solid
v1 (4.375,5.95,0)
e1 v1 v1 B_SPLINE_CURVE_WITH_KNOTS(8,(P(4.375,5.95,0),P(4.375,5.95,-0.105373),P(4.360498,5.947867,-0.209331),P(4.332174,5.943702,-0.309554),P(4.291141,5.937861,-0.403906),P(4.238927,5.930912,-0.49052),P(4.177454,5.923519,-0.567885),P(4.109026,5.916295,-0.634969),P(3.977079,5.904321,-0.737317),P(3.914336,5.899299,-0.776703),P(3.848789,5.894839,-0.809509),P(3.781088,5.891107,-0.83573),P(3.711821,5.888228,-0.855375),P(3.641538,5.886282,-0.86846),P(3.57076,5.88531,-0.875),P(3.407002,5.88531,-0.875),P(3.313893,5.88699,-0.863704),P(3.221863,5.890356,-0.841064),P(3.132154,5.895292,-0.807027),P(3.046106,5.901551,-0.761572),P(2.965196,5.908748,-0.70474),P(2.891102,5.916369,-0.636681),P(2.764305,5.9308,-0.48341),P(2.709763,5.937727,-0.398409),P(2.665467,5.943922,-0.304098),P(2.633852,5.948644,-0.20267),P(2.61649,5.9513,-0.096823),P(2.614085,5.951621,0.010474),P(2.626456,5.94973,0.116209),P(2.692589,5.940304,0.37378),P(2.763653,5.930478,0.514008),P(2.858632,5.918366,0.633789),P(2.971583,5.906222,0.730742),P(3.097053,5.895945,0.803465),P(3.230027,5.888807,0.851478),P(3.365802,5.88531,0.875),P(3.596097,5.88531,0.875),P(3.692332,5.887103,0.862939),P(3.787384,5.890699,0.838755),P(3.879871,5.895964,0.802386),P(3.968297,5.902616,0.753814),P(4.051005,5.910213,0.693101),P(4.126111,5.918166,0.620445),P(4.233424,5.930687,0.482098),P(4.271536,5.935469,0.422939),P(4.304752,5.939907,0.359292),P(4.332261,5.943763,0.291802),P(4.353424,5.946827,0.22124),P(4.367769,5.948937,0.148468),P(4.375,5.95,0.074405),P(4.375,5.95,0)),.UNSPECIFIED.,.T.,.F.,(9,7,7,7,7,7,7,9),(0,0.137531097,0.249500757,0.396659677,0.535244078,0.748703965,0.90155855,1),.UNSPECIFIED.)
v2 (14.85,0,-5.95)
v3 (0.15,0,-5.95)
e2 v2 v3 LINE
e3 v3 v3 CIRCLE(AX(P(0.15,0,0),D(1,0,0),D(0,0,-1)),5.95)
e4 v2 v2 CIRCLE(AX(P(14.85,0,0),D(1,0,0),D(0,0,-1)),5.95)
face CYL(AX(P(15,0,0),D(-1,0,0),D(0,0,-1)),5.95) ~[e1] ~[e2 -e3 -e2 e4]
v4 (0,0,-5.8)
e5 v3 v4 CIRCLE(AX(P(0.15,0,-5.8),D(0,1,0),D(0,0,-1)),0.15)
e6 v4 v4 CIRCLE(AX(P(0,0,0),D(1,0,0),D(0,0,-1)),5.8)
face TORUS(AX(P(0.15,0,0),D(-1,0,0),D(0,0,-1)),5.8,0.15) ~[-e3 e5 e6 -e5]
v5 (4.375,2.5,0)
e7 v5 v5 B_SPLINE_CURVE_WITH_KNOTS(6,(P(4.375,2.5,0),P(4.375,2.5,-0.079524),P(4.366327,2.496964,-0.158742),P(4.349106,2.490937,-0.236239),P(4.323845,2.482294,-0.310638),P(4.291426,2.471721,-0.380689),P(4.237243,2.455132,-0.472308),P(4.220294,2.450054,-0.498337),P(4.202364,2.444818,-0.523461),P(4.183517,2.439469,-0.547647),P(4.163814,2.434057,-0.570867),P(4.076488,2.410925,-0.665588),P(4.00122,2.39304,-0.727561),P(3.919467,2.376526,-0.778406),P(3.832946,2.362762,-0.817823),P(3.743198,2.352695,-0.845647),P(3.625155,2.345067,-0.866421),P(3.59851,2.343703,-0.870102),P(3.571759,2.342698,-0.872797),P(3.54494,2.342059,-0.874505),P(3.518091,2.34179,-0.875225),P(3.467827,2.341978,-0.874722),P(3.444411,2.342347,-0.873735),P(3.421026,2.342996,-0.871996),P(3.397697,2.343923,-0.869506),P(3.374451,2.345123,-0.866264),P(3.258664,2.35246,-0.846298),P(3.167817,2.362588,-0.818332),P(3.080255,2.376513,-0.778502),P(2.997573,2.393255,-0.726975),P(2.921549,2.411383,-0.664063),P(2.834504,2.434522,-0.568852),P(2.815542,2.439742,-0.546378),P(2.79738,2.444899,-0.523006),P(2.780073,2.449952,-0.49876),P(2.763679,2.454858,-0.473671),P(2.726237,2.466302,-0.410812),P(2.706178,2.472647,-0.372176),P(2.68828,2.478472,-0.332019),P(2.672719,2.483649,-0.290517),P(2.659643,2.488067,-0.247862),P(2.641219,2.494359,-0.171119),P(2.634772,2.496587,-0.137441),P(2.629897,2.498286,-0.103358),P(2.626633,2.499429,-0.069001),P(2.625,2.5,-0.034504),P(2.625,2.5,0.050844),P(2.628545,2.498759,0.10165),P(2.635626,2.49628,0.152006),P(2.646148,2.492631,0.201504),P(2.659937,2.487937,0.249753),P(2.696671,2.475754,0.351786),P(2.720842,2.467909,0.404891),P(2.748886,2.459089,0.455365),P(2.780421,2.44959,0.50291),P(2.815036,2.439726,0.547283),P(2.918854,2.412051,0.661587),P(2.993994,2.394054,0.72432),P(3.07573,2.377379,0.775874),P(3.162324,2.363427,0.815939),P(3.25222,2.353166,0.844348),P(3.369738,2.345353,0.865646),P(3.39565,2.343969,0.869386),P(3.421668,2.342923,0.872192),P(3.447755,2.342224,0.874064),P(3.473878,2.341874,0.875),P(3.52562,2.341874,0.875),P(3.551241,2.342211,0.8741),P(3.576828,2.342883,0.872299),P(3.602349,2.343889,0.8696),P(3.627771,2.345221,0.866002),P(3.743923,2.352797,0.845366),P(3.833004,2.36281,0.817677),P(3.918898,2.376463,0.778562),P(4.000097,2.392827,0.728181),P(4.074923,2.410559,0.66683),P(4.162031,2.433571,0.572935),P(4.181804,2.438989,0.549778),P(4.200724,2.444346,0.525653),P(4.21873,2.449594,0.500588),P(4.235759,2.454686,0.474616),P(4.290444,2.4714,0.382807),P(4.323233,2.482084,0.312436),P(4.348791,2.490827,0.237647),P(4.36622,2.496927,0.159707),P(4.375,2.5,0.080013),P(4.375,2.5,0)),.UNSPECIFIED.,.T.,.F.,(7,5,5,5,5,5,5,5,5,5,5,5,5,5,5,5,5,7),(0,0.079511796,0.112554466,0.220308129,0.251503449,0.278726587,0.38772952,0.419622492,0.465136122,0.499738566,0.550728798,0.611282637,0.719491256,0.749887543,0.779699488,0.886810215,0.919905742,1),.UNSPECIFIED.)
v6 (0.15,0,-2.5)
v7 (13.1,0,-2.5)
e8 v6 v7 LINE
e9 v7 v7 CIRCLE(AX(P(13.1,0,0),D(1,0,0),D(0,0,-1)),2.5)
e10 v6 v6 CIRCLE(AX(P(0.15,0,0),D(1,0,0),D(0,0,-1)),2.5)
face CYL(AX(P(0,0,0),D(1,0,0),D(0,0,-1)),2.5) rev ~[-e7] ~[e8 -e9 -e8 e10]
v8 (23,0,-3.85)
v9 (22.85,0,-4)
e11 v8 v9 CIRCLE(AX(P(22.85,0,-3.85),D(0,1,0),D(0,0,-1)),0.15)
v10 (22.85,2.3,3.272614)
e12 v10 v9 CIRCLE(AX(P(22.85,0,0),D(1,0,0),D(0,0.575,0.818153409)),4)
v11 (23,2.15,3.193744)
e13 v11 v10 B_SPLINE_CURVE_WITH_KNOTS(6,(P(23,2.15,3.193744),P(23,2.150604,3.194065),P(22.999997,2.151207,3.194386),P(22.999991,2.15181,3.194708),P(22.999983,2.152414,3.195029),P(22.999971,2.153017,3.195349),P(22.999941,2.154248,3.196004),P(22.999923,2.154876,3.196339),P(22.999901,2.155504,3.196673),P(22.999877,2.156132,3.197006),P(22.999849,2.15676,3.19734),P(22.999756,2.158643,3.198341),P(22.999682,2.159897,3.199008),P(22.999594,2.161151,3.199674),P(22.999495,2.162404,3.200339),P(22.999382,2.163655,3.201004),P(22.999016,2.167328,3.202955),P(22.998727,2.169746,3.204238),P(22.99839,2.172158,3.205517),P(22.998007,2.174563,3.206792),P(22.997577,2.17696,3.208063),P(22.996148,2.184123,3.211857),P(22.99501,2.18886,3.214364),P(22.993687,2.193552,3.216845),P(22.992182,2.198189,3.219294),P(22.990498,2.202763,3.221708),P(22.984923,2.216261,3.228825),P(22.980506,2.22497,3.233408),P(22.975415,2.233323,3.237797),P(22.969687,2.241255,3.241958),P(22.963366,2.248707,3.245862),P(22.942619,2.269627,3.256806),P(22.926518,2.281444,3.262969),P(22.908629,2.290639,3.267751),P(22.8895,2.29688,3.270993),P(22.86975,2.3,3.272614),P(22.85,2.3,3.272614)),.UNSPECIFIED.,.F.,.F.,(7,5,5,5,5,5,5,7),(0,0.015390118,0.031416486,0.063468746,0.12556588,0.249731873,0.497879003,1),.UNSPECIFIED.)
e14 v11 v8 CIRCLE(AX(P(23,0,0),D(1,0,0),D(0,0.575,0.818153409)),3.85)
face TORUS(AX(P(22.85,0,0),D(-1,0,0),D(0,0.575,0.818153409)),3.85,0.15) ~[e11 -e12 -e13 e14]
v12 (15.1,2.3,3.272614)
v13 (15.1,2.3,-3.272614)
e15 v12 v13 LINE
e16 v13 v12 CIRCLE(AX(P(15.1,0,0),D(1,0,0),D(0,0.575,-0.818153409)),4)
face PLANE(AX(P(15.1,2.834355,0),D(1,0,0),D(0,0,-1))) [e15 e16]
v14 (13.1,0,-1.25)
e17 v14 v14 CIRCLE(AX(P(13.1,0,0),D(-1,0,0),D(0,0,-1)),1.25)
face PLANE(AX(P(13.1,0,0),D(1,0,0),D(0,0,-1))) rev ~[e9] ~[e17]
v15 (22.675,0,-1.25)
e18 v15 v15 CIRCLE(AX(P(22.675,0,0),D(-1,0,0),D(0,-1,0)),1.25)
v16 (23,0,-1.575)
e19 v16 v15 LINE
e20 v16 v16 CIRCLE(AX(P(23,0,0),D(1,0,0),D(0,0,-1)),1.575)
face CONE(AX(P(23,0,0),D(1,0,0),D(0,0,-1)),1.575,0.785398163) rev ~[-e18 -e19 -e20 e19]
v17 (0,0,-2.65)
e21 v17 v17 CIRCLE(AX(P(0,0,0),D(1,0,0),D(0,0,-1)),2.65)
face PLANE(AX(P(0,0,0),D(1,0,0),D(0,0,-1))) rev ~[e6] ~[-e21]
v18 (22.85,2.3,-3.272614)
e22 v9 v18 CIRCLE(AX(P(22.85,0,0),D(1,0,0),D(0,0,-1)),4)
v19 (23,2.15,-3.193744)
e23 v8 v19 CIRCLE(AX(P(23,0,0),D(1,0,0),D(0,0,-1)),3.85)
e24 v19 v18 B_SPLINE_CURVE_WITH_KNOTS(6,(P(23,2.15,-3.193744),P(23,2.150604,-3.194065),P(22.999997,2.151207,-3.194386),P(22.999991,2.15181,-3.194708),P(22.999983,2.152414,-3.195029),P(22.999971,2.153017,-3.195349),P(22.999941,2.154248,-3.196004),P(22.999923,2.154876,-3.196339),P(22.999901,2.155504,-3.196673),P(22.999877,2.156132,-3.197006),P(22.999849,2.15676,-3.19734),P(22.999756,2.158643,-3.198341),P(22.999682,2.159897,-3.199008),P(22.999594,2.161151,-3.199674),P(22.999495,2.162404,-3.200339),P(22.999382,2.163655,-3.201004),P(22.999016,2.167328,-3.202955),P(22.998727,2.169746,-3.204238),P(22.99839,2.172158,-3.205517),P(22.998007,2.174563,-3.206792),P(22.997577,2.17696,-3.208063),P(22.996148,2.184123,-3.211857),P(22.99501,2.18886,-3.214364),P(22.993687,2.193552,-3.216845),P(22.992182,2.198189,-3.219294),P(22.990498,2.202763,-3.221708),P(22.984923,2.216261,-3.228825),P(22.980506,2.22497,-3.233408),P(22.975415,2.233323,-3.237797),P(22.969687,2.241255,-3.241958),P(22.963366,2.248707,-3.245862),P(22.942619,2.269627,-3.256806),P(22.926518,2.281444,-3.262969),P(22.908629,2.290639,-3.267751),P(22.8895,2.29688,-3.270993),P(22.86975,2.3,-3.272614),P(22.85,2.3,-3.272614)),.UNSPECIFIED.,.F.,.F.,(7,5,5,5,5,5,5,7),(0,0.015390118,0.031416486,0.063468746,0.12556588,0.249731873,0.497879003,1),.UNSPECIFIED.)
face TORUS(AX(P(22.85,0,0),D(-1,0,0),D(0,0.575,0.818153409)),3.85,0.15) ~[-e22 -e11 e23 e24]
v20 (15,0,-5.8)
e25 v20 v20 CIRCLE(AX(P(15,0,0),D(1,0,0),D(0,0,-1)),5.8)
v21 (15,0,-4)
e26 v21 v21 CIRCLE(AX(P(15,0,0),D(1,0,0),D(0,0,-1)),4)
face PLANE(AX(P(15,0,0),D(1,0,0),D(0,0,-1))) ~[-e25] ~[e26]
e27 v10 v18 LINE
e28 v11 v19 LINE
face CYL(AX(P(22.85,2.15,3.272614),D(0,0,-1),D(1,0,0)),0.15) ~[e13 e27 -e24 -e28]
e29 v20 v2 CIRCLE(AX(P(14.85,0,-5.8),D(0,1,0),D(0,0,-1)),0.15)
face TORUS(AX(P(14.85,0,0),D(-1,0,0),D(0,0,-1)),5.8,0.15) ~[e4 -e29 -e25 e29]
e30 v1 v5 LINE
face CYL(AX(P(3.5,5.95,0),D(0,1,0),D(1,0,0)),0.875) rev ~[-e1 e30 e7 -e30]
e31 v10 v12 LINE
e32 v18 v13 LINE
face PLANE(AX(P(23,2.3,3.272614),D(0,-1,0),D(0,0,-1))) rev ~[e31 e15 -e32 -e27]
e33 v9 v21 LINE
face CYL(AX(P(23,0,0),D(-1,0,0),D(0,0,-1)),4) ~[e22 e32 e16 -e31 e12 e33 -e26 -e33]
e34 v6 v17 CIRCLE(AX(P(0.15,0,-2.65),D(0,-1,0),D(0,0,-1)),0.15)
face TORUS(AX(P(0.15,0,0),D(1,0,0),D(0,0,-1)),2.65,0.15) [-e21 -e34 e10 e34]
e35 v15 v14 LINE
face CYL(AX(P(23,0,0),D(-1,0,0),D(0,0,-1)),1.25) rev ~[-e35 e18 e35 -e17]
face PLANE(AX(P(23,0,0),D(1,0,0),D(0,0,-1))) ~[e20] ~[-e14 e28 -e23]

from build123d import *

# Parameters (mm, degrees)
CUT_EXTRUDE1_DEPTH          = 7.9
M3_TAPPED_HOLE1_D           = 2.5
M3_TAPPED_HOLE1_CSINK_D     = 3.15
M3_TAPPED_HOLE1_CSINK_ANGLE = 90
FILLET1_R                   = 0.15
SKETCH6_R                   = 0.875
CUT_EXTRUDE2_DEPTH          = 6


with BuildPart() as part:
    # Sketch2 → Revolve1 (revolve)
    with BuildSketch(Plane(origin=(0, 0, 0), x_dir=(1, 0, 0), z_dir=(0, 1, 0))):
        Polygon((0, 2.5), (13.1, 2.5), (13.1, 0), (23, 0), (23, 4), (15, 4), (15, 5.95), (0, 5.95), align=None)
    revolve(axis=Axis((0, 0, 0), (1, 0, 0)))

    # Sketch3 → Cut-Extrude1 (cut)
    with BuildSketch(Plane(origin=(23, 0, 0), x_dir=(0, 0, -1), z_dir=(1, 0, 0))):
        with BuildLine():
            Line((-3.272613634, 2.3), (3.272613634, 2.3))
            ThreePointArc((3.272613634, 2.3), (0, 4), (-3.272613634, 2.3))
        make_face()
    extrude(amount=-CUT_EXTRUDE1_DEPTH, mode=Mode.SUBTRACT)

    # M3 Tapped Hole1 (through all)
    with Locations(Plane(origin=(23, 0, 0), x_dir=(0, 0, 1), z_dir=(1, 0, 0))):
        with Locations((0, 0)):
            CounterSinkHole(M3_TAPPED_HOLE1_D / 2, M3_TAPPED_HOLE1_CSINK_D / 2, counter_sink_angle=M3_TAPPED_HOLE1_CSINK_ANGLE)

    # Fillet1
    fillet1_edges = [part.edges().sort_by_distance(p)[0] for p in [
        (23, -3.813820561, 1.206139599),
        (23, 2.3, 0),
        (0, 0, 2.5),
        (0, 0, 5.95),
        (15, 0, 5.95),
    ]]
    fillet(fillet1_edges, radius=FILLET1_R)

    # Sketch6 → Cut-Extrude2 (cut)
    with BuildSketch(Plane(origin=(0, 5.95, 0), x_dir=(1, 0, 0), z_dir=(0, 1, 0))):
        with Locations((3.5, 0)):
            Circle(SKETCH6_R)
    extrude(amount=-CUT_EXTRUDE2_DEPTH, mode=Mode.SUBTRACT)


solid = part.part
